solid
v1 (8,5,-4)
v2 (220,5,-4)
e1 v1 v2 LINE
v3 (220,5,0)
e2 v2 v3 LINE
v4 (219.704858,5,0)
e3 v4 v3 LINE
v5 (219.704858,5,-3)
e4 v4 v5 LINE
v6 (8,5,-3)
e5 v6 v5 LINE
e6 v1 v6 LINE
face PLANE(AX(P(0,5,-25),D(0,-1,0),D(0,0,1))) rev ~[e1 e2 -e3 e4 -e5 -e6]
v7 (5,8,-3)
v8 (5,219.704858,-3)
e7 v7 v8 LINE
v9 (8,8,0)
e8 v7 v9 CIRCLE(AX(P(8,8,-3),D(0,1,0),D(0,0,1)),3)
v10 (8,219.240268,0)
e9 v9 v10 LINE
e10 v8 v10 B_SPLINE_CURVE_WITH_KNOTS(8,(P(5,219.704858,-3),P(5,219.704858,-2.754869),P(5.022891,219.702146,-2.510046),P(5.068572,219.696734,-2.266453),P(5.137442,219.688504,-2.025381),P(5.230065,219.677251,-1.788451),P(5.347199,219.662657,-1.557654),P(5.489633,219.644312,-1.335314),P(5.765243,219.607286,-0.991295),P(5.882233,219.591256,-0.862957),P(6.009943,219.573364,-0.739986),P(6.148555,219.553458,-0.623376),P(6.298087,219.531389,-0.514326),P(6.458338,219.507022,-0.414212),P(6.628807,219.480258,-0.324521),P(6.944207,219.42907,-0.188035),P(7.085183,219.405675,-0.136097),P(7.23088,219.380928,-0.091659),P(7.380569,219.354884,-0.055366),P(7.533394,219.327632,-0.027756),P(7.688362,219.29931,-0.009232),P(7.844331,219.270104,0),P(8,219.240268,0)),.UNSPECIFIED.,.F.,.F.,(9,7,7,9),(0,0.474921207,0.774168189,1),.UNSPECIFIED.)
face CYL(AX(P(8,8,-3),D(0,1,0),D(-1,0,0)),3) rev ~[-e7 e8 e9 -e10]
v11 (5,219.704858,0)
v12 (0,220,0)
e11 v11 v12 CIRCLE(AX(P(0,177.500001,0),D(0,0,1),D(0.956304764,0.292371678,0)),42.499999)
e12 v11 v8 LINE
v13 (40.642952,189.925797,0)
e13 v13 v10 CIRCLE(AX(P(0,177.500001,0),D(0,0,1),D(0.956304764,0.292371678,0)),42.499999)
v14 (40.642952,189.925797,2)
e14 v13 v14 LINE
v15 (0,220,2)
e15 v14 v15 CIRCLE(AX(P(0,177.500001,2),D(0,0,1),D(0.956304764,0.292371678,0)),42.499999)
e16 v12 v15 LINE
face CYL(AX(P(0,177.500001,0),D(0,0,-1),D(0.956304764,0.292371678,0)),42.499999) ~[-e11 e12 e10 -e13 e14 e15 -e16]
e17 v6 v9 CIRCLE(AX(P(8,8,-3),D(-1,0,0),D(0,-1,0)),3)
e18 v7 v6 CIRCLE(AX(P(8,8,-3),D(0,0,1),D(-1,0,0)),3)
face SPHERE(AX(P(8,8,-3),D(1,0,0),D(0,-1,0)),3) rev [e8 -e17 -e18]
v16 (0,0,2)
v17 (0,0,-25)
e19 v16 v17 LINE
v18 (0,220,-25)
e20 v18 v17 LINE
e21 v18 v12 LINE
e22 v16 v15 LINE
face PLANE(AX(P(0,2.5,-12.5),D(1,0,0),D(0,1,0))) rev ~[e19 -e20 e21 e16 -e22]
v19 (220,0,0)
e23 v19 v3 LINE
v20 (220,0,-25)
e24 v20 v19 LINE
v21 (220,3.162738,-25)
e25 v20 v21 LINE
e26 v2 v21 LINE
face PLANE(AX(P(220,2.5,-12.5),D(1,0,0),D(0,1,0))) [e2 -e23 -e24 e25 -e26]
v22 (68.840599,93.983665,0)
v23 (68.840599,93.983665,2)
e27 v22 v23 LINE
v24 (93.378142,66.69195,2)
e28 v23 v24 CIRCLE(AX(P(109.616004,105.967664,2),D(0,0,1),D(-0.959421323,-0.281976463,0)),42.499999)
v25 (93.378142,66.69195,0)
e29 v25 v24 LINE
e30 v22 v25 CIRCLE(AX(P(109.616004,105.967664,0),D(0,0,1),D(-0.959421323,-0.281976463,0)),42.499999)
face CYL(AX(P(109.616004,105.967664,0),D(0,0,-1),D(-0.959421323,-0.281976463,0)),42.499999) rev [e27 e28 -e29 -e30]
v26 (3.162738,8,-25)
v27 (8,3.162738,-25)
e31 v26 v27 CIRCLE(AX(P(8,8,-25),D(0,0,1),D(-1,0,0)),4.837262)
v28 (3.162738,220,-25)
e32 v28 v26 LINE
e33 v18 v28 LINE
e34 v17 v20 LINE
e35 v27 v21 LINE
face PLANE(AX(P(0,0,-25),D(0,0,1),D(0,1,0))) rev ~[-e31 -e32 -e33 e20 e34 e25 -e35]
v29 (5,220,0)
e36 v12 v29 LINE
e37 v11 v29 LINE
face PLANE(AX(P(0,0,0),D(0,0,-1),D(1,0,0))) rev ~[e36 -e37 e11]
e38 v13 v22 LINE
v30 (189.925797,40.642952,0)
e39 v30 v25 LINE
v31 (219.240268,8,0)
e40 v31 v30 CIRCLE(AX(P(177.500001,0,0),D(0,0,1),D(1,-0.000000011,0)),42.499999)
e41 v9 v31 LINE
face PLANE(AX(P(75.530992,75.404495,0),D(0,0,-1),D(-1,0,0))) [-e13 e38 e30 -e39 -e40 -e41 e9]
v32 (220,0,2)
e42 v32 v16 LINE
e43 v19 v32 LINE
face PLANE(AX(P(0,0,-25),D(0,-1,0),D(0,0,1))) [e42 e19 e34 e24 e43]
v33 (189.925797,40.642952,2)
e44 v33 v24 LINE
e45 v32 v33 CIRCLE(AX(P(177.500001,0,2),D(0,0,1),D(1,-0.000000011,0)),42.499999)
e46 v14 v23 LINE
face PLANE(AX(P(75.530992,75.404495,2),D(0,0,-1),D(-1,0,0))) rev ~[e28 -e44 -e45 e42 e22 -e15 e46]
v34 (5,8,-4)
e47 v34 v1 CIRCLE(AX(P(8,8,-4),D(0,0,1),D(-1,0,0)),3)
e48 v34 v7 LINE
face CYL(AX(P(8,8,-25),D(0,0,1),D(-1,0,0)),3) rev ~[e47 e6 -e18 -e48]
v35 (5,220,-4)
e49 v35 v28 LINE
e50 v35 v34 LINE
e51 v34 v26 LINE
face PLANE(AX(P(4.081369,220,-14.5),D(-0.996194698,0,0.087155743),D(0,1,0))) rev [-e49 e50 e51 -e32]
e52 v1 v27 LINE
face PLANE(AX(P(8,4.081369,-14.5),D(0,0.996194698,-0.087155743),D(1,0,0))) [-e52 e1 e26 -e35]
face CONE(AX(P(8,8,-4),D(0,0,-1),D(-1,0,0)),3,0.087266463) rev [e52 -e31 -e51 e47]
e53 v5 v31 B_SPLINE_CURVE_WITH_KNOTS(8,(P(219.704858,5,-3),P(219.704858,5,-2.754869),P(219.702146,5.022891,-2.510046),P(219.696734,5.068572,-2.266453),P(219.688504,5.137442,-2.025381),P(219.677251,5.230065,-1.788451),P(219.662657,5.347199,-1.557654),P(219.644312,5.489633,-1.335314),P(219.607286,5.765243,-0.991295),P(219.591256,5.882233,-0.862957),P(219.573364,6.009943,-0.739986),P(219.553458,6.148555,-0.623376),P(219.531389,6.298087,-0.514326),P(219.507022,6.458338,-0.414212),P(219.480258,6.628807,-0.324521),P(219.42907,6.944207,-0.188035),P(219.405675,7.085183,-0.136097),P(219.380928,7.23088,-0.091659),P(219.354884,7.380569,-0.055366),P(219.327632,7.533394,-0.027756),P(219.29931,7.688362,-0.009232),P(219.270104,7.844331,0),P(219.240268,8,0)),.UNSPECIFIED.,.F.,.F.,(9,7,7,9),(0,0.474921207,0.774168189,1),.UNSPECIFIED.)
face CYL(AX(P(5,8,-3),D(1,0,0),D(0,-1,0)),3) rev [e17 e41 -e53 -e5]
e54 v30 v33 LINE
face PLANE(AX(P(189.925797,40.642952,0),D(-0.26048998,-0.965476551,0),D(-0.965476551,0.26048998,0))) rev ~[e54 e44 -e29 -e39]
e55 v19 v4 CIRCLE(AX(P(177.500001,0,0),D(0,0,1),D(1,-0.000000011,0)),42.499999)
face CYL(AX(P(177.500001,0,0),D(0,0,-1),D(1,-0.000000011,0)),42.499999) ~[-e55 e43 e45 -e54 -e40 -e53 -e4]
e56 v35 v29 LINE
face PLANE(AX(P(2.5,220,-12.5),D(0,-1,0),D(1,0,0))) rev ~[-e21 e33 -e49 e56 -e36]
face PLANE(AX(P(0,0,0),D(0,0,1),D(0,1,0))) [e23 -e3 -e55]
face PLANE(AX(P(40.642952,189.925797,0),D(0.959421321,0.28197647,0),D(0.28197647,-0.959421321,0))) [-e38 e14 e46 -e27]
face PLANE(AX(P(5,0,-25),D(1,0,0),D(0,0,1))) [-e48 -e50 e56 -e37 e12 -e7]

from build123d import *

# Parameters (mm, degrees)
PAD_DEPTH     = 2
SKETCH001_W   = 5
SKETCH001_H   = 25
PAD001_DEPTH  = 220
SKETCH002_W   = 5
SKETCH002_H   = 25
PAD002_DEPTH  = 220
FILLET_R      = 3
FILLET001_R   = 3
CHAMFER_ANGLE = 5
CHAMFER_SIZE  = 21


with BuildPart() as part:
    # Sketch → Pad (new body)
    with BuildSketch(Plane.XY):
        with BuildLine():
            Line((0, 0), (0, 220))
            ThreePointArc((40.642952, 189.925797), (25.279968, 211.663917), (0, 220))
            Line((40.642952, 189.925797), (68.840599, 93.983665))
            ThreePointArc((68.840599, 93.983665), (78.011612, 77.552663), (93.378142, 66.69195))
            Line((189.925797, 40.642952), (93.378142, 66.69195))
            ThreePointArc((220, 0), (211.663917, 25.279968), (189.925797, 40.642952))
            Line((220, 0), (0, 0))
        make_face()
    extrude(amount=PAD_DEPTH)

    # Sketch001 → Pad001 (join)
    with BuildSketch(Plane.YZ):
        with Locations((2.5, -12.5)):
            Rectangle(SKETCH001_W, SKETCH001_H)
    extrude(amount=PAD001_DEPTH)

    # Sketch002 → Pad002 (join)
    with BuildSketch(Plane.XZ):
        with Locations((2.5, -12.5)):
            Rectangle(SKETCH002_W, SKETCH002_H)
    extrude(amount=-PAD002_DEPTH)

    # Fillet
    fillet_edges = [part.edges().sort_by_distance(p)[0] for p in [
        (112.352429, 5, 0),
    ]]
    fillet(fillet_edges, radius=FILLET_R)

    # Fillet001
    fillet001_edges = [part.edges().sort_by_distance(p)[0] for p in [
        (5, 113.852429, 0),
        (5, 5, -14),
    ]]
    fillet(fillet001_edges, radius=FILLET001_R)

    # Chamfer
    chamfer_edges = [part.edges().sort_by_distance(p)[0] for p in [
        (114, 5, -25),
    ]]
    chamfer_side = part.faces().sort_by_distance((114.020092, 5, -13.997627))[0]
    chamfer(chamfer_edges, length=CHAMFER_SIZE, angle=CHAMFER_ANGLE, reference=chamfer_side)


solid = part.part
